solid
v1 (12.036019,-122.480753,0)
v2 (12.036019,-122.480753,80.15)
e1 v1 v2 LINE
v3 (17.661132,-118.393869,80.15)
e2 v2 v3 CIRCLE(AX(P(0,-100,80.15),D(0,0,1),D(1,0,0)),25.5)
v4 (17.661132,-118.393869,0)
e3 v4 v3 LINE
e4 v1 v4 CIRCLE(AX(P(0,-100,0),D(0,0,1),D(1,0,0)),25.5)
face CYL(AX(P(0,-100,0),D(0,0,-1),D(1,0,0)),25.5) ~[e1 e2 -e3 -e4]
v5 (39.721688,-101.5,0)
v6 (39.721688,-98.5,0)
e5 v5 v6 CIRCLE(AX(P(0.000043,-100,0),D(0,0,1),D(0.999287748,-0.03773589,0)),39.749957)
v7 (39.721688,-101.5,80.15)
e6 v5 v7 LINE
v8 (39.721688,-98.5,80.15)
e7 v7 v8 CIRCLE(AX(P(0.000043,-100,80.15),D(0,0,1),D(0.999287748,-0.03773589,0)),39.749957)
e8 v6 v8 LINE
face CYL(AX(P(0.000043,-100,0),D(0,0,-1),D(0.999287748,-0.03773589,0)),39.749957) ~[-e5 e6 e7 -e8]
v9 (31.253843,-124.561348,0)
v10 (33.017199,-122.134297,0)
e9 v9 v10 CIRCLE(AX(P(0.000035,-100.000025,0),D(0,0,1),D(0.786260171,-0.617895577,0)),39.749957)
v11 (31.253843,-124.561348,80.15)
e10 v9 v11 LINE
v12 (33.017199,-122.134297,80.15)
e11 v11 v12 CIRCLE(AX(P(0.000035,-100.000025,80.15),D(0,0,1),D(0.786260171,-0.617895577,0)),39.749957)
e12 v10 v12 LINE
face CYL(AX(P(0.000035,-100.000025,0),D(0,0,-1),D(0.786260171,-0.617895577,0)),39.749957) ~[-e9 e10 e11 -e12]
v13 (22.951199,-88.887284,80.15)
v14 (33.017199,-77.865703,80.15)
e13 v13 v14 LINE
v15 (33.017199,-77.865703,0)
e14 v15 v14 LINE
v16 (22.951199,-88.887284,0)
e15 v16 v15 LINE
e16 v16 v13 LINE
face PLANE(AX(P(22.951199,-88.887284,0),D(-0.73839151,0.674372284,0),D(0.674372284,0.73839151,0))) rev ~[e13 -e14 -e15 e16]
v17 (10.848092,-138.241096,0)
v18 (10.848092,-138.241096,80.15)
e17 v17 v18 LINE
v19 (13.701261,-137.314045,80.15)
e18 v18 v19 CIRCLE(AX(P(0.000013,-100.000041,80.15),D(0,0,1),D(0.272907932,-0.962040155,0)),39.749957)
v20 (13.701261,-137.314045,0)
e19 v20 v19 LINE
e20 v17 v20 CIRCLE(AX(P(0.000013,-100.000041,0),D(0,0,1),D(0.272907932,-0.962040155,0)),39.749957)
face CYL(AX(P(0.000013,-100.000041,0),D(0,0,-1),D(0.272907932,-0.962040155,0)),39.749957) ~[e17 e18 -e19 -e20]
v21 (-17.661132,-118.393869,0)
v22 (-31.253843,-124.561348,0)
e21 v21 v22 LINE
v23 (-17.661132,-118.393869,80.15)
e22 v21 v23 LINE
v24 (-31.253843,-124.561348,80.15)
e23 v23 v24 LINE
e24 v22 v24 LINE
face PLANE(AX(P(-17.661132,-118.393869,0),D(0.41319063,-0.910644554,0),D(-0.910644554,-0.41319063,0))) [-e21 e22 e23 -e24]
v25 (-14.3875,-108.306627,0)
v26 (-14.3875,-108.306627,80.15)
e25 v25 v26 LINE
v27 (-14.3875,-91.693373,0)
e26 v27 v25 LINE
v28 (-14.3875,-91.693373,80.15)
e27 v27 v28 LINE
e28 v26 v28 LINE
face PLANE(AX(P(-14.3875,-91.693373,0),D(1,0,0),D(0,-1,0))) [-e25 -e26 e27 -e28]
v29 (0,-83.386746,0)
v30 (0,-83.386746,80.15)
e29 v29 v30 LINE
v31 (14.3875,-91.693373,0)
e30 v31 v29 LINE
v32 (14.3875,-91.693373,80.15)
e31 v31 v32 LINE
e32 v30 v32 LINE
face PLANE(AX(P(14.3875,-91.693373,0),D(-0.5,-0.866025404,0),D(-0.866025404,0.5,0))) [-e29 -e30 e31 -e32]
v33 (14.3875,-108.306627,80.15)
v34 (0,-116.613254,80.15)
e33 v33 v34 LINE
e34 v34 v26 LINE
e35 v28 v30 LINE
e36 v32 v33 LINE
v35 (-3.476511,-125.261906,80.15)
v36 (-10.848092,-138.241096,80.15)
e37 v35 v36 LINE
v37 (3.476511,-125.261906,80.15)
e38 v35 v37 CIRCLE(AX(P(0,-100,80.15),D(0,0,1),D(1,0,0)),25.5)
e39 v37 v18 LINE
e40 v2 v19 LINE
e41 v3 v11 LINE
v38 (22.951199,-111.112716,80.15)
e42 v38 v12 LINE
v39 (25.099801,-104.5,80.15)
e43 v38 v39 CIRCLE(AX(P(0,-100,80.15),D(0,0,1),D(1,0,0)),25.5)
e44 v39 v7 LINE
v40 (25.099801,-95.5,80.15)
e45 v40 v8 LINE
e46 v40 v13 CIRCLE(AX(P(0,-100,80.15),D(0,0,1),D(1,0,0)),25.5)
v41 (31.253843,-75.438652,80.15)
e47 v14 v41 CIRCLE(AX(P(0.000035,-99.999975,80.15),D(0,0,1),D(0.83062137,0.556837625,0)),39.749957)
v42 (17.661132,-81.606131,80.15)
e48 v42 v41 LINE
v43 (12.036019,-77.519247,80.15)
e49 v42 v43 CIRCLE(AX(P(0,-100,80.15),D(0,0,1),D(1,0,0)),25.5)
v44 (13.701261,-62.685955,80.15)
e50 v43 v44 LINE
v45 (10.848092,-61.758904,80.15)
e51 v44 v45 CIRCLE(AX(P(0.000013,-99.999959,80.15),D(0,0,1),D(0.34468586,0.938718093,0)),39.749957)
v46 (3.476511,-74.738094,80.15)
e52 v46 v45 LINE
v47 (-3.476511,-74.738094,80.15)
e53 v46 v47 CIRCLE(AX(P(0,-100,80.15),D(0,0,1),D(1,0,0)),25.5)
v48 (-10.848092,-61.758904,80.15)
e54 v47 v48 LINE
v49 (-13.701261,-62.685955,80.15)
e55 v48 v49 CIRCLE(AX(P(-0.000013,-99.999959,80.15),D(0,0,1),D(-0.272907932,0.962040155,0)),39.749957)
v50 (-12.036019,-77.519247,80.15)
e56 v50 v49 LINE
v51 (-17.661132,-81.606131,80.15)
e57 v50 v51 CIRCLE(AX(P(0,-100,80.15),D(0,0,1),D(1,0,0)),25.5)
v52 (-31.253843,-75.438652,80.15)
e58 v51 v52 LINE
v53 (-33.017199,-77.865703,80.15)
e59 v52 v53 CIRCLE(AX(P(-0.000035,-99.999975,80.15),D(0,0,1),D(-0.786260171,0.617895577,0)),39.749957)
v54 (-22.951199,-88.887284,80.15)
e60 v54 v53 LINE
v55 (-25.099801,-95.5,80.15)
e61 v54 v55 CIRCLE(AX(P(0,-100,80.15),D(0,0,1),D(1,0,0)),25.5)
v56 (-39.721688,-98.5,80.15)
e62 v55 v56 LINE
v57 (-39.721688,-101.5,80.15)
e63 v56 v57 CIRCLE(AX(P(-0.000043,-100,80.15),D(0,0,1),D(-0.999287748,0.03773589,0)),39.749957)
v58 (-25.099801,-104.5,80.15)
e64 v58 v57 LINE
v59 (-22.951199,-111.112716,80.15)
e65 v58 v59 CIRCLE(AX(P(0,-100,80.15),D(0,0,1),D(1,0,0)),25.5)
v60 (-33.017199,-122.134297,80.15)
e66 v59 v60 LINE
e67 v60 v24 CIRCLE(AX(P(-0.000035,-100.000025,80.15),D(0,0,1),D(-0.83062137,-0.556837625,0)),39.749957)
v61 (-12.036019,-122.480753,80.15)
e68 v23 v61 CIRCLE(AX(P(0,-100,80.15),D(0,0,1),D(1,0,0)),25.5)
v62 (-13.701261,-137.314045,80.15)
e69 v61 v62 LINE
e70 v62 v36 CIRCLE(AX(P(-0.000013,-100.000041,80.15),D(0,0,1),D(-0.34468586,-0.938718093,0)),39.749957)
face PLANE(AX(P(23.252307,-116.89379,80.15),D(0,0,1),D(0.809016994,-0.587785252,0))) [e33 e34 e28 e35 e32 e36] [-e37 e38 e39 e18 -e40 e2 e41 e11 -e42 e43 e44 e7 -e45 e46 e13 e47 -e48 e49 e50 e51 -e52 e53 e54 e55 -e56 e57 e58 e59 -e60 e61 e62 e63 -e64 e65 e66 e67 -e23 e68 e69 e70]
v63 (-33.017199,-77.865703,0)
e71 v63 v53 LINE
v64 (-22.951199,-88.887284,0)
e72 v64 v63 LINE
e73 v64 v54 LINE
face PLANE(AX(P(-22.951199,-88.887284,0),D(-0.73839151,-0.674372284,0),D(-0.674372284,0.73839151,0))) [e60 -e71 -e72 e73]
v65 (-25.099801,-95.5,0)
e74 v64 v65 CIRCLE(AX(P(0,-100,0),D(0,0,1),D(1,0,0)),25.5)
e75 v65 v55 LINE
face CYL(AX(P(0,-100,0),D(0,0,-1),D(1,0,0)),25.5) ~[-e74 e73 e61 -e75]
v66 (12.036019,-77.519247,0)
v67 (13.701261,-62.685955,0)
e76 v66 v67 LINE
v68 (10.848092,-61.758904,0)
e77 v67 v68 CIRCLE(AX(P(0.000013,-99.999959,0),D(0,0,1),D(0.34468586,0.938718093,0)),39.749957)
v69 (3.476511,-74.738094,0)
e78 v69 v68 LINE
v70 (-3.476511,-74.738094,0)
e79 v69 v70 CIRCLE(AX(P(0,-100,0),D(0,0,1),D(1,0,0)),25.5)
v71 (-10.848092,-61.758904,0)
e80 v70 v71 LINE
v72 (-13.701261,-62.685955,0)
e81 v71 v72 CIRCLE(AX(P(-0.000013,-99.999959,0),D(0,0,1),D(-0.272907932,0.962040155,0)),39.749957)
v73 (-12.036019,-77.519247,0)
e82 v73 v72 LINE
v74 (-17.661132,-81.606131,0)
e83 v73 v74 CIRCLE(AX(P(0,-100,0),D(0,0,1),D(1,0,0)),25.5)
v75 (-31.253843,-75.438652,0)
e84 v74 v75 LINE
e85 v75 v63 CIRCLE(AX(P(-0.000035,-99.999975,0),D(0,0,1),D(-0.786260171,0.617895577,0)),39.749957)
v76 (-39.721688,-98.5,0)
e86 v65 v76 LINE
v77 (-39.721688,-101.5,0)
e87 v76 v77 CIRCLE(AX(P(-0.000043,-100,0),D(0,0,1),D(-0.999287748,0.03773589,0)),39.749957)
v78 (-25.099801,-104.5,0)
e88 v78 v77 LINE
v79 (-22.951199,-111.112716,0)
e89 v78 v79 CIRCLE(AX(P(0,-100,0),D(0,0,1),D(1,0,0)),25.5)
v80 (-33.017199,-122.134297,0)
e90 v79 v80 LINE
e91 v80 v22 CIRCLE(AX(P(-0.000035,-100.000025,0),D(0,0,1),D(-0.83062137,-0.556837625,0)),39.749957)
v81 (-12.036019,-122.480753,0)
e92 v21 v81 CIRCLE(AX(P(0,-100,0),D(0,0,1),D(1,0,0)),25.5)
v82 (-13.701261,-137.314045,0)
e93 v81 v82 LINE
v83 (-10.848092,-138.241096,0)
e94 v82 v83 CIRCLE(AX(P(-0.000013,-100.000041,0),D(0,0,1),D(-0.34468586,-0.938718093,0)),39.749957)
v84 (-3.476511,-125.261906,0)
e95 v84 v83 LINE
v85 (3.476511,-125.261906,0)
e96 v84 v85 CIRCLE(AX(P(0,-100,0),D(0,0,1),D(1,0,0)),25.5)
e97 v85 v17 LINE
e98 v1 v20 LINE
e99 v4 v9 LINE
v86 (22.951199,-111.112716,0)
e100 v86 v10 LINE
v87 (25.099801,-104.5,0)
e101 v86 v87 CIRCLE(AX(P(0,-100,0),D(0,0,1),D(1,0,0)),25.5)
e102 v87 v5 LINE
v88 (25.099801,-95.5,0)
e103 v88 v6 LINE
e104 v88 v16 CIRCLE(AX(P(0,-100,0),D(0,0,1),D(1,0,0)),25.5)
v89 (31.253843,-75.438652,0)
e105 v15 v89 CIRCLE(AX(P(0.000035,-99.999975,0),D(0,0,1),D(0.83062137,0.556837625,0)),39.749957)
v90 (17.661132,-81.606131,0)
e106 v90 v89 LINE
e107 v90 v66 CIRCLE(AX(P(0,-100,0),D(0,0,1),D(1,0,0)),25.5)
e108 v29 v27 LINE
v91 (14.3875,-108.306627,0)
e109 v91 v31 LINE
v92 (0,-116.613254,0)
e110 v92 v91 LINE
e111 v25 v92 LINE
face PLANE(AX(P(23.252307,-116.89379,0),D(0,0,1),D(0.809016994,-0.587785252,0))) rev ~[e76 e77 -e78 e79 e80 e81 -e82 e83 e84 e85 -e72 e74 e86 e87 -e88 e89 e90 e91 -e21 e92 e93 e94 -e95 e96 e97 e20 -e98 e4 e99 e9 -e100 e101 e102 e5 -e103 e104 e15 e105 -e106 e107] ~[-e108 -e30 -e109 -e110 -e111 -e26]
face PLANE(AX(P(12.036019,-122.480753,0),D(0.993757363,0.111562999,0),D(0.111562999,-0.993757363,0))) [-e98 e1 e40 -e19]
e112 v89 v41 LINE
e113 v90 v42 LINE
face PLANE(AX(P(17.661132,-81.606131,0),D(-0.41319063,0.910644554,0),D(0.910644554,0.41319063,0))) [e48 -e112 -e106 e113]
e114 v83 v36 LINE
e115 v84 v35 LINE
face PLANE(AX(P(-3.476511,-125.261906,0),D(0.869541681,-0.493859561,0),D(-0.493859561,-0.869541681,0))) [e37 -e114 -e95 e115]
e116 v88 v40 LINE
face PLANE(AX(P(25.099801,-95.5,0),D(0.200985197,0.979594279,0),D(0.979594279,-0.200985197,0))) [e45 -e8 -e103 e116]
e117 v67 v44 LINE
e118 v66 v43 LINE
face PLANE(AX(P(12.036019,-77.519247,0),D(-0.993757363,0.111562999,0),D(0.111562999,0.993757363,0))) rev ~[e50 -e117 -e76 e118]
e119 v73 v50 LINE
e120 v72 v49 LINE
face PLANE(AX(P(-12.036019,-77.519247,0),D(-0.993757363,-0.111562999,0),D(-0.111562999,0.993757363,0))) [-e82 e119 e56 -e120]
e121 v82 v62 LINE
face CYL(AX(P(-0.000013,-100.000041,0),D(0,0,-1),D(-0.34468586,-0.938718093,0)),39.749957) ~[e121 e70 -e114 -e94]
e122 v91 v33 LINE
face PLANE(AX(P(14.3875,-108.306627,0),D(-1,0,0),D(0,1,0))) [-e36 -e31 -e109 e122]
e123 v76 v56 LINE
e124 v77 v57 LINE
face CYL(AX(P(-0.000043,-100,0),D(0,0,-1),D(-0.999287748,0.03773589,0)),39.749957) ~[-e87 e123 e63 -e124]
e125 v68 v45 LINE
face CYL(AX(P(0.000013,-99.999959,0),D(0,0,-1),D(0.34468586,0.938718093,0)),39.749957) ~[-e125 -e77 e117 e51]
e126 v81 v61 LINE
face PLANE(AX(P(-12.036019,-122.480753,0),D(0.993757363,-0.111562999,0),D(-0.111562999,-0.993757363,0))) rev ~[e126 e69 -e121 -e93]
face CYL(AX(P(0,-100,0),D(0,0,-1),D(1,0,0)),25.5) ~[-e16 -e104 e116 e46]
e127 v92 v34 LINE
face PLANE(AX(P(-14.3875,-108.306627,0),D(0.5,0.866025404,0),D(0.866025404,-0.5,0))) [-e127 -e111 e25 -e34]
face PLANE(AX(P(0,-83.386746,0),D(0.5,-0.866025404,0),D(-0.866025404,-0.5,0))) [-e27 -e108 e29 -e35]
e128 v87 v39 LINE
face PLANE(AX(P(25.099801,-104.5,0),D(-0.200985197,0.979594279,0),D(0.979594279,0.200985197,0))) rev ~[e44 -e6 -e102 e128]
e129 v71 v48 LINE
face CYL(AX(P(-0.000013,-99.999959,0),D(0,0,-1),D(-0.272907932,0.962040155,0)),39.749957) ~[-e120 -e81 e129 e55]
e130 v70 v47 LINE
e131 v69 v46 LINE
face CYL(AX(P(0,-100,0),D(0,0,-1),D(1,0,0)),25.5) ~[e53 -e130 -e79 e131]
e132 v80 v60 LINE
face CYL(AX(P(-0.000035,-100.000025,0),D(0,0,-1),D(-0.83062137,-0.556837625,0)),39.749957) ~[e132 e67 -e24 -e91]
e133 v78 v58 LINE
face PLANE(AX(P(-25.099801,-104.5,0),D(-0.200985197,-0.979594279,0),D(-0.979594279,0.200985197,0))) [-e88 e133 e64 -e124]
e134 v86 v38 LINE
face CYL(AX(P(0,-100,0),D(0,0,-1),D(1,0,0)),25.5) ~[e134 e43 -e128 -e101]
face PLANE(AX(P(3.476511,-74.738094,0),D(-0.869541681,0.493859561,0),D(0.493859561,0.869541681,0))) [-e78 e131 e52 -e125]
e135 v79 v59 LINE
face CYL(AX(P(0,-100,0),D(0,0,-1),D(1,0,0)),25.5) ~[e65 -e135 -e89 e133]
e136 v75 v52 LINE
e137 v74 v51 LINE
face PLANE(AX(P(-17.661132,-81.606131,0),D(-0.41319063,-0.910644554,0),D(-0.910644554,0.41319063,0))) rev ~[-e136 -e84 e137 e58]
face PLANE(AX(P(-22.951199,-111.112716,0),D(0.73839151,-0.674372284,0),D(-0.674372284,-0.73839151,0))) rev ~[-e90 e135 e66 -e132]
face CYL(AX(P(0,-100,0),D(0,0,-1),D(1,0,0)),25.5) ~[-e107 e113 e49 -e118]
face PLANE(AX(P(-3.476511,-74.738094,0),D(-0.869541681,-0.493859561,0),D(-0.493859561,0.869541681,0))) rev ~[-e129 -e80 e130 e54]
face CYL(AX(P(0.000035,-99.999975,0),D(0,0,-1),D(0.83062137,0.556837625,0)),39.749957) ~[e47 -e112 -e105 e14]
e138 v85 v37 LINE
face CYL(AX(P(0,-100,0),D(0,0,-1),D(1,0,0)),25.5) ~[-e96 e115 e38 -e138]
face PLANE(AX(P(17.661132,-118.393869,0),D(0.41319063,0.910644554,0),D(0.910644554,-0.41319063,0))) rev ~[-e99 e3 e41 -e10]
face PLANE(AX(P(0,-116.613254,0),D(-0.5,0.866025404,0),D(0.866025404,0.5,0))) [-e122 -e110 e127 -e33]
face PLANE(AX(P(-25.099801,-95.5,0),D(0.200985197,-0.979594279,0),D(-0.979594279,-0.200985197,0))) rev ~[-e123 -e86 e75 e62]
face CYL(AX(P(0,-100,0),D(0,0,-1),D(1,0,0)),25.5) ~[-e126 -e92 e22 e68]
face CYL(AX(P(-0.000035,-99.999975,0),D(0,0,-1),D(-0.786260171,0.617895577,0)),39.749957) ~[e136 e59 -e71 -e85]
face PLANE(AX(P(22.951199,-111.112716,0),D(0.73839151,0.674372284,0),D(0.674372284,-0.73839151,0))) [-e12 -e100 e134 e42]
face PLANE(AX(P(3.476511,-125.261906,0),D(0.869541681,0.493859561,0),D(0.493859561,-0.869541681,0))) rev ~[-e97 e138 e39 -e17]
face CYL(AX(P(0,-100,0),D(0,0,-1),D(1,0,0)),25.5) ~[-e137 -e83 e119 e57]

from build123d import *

# Parameters (mm, degrees)
SKETCH002_R        = 25.5
PAD001_DEPTH       = 80.15
PAD006_DEPTH       = 80.15
POLARPATTERN_COUNT = 10
POCKET_DEPTH       = 80.151


with BuildPart() as part:
    # Sketch002 → Pad001 (new body)
    with BuildSketch(Plane.XY):
        Circle(SKETCH002_R)
    extrude(amount=PAD001_DEPTH)

    # Sketch → Pad006 (join)
    with BuildSketch(Plane.XY):
        with BuildLine():
            ThreePointArc((39.721688, -1.5), (39.75, 0), (39.721688, 1.5))
            Line((25.099801, 4.5), (39.721688, 1.5))
            Line((25.099801, 4.5), (17, 0))
            Line((17, 0), (25.099801, -4.5))
            Line((25.099801, -4.5), (39.721688, -1.5))
        make_face()
    pad006 = extrude(amount=PAD006_DEPTH)

    # PolarPattern: Pad006 ×10 about axis
    polarpattern_axis = Axis((0, 0, 0), (0, 0, 1))
    for i in range(1, POLARPATTERN_COUNT):
        add(pad006.rotate(polarpattern_axis, i * 360 / POLARPATTERN_COUNT))

    # Sketch001 → Pocket (cut, through all)
    with BuildSketch(Plane.XY):
        Polygon((14.3875, 8.306627), (0, 16.613254), (-14.3875, 8.306627), (-14.3875, -8.306627), (0, -16.613254), (14.3875, -8.306627), align=None)
    extrude(amount=POCKET_DEPTH, mode=Mode.SUBTRACT)


with BuildPart() as part_1:
    # Body027 placement: moved
    add(part.part.moved(Location((0, -100, 0))))


solid = part_1.part
